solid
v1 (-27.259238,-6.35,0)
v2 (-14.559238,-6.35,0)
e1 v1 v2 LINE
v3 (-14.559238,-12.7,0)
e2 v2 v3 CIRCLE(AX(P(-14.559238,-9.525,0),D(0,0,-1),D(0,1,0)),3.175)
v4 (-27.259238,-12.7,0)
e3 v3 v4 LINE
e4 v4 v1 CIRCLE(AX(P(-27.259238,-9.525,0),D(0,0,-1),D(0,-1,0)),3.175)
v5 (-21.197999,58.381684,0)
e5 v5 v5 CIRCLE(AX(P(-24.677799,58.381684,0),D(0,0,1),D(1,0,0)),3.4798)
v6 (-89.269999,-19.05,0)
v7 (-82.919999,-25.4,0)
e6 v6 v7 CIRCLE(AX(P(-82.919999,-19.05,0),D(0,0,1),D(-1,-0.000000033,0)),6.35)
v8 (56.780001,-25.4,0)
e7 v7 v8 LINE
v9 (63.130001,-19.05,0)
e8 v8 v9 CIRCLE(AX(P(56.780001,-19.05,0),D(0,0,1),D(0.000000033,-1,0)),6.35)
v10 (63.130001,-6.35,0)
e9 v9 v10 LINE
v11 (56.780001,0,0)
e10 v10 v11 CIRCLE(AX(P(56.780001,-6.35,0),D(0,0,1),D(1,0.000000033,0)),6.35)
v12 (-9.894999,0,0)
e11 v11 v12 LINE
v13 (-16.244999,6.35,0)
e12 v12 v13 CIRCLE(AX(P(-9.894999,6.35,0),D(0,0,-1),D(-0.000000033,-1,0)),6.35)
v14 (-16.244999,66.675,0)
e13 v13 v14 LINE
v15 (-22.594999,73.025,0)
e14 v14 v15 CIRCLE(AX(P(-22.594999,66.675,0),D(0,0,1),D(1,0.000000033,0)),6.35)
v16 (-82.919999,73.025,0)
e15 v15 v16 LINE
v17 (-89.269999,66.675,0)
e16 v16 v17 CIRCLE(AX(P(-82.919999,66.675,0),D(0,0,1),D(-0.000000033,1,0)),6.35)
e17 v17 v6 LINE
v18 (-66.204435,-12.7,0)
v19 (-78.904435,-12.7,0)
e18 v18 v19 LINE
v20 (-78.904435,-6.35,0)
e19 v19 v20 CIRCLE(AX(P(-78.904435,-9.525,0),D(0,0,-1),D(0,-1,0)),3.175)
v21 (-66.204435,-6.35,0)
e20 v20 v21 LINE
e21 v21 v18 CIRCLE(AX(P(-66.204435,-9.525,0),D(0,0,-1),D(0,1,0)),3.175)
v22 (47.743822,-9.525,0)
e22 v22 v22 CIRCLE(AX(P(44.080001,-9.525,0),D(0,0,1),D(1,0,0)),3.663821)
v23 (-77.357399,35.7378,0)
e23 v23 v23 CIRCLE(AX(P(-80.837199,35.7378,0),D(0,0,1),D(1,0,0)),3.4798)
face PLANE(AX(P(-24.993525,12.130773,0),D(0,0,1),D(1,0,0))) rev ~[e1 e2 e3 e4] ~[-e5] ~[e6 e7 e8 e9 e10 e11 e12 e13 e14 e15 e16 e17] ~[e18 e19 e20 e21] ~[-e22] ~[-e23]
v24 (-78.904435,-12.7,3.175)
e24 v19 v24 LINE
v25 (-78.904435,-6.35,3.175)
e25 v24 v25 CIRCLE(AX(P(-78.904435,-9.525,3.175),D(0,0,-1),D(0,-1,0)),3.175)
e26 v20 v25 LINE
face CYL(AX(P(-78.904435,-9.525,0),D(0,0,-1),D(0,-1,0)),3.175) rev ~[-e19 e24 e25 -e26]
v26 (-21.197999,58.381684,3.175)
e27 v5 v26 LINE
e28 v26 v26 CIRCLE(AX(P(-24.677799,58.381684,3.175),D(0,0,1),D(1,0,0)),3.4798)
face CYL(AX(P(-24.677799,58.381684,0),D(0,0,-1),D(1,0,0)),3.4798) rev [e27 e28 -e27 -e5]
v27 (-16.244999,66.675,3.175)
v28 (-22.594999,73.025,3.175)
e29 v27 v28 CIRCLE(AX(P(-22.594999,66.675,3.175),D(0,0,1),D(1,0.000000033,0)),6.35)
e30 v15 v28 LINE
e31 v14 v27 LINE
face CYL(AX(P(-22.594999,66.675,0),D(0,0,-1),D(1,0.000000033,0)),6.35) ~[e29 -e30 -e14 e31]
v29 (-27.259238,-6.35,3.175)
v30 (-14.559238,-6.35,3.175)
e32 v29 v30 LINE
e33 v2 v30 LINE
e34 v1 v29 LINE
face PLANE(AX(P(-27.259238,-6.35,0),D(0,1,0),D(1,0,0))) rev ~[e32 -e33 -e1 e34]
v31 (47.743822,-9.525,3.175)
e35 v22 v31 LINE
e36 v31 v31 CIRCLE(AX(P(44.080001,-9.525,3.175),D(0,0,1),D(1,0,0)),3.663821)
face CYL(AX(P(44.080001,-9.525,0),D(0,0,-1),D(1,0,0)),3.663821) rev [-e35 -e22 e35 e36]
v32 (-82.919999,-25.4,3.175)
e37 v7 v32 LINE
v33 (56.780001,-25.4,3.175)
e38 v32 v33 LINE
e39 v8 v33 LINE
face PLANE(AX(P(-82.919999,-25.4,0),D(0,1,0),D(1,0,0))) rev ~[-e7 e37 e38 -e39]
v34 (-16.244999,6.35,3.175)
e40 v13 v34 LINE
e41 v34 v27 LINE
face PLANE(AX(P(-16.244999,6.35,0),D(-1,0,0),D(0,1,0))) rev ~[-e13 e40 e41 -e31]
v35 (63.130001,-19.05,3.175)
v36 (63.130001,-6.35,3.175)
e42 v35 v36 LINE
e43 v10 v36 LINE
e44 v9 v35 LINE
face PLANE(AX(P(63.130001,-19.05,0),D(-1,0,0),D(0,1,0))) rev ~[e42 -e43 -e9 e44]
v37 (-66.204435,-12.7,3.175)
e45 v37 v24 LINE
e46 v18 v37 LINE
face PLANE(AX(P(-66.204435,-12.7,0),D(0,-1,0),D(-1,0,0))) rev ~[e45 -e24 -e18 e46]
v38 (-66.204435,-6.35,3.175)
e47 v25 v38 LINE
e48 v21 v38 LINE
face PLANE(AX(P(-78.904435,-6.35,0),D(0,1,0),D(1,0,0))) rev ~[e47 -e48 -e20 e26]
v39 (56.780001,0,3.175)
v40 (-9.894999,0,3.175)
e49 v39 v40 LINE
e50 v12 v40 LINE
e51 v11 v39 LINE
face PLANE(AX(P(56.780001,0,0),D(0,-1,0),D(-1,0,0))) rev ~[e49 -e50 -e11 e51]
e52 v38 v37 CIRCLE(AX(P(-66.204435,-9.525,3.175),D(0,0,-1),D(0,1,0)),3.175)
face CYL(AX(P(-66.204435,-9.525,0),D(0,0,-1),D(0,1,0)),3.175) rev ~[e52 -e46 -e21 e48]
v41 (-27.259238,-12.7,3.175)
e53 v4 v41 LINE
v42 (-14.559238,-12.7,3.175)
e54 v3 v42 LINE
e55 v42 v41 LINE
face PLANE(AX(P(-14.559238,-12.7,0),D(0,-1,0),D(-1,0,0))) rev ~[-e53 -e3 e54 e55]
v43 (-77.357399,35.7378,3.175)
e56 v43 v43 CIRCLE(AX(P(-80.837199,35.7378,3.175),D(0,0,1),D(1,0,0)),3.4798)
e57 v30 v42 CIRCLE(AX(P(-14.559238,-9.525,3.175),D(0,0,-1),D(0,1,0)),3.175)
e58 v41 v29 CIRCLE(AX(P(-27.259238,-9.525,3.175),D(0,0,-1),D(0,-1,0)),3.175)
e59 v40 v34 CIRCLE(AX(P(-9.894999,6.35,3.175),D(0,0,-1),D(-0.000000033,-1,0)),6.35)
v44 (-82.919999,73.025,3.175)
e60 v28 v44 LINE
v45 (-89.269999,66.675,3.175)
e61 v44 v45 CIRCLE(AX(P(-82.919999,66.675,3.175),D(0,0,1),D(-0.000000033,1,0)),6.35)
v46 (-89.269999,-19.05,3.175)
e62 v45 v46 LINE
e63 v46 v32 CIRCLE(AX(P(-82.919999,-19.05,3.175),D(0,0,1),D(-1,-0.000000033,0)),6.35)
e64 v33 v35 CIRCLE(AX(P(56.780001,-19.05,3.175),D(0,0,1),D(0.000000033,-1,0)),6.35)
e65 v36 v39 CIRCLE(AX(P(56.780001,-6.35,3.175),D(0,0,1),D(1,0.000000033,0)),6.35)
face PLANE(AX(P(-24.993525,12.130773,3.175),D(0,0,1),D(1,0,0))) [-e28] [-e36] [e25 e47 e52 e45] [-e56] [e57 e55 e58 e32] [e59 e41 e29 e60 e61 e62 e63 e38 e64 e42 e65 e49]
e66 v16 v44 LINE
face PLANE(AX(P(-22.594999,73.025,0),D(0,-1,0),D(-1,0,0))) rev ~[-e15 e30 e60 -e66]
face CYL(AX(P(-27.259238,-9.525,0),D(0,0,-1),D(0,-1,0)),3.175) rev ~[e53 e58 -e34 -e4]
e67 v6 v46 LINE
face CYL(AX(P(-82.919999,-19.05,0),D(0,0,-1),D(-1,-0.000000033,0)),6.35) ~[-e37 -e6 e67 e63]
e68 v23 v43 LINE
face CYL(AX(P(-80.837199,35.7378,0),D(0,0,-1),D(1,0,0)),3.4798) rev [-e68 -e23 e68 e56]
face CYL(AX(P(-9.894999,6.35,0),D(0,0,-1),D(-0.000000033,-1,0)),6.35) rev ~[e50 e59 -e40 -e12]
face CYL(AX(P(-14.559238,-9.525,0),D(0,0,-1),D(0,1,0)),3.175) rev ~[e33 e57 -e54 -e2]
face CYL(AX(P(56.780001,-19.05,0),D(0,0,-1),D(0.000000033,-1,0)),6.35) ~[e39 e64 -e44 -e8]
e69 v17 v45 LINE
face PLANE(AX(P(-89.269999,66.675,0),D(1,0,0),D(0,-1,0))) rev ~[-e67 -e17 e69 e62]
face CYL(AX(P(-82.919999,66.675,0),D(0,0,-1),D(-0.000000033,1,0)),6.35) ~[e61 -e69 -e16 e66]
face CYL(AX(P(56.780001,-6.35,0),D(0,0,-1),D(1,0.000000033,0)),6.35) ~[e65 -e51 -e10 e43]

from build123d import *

# Parameters (mm, degrees)
F0_R     = 3.663821
F0_R_2   = 3.4798
F1_DEPTH = 3.175


with BuildPart() as f1:
    # F0 (on Top) → F1 (new body)
    with BuildSketch(Plane.XY):
        with BuildLine():
            ThreePointArc((-89.269999, -19.05), (-87.410127, -23.540128), (-82.919999, -25.4))
            Line((-82.919999, -25.4), (56.780001, -25.4))
            ThreePointArc((56.780001, -25.4), (61.270129, -23.540128), (63.130001, -19.05))
            Line((63.130001, -19.05), (63.130001, -6.35))
            ThreePointArc((63.130001, -6.35), (61.270129, -1.859872), (56.780001, 0))
            Line((56.780001, 0), (-9.894999, 0))
            ThreePointArc((-9.894999, 0), (-14.385127, 1.859872), (-16.244999, 6.35))
            Line((-16.244999, 6.35), (-16.244999, 66.675))
            ThreePointArc((-16.244999, 66.675), (-18.104871, 71.165128), (-22.594999, 73.025))
            Line((-22.594999, 73.025), (-82.919999, 73.025))
            ThreePointArc((-82.919999, 73.025), (-87.410127, 71.165128), (-89.269999, 66.675))
            Line((-89.269999, 66.675), (-89.269999, -19.05))
        make_face()
        with BuildLine():
            Line((-66.204435, -12.7), (-78.904435, -12.7))
            ThreePointArc((-78.904435, -12.7), (-82.079435, -9.525), (-78.904435, -6.35))
            Line((-78.904435, -6.35), (-66.204435, -6.35))
            ThreePointArc((-66.204435, -6.35), (-63.029435, -9.525), (-66.204435, -12.7))
        make_face(mode=Mode.SUBTRACT)
        with BuildLine():
            Line((-14.559238, -12.7), (-27.259238, -12.7))
            ThreePointArc((-27.259238, -12.7), (-30.434238, -9.525), (-27.259238, -6.35))
            Line((-27.259238, -6.35), (-14.559238, -6.35))
            ThreePointArc((-14.559238, -6.35), (-11.384238, -9.525), (-14.559238, -12.7))
        make_face(mode=Mode.SUBTRACT)
        with Locations((44.080001, -9.525)):
            Circle(F0_R, mode=Mode.SUBTRACT)
        with Locations((-80.837199, 35.7378)):
            Circle(F0_R_2, mode=Mode.SUBTRACT)
        with Locations((-24.677799, 58.381684)):
            Circle(F0_R_2, mode=Mode.SUBTRACT)
    extrude(amount=F1_DEPTH)


solid = f1.part
